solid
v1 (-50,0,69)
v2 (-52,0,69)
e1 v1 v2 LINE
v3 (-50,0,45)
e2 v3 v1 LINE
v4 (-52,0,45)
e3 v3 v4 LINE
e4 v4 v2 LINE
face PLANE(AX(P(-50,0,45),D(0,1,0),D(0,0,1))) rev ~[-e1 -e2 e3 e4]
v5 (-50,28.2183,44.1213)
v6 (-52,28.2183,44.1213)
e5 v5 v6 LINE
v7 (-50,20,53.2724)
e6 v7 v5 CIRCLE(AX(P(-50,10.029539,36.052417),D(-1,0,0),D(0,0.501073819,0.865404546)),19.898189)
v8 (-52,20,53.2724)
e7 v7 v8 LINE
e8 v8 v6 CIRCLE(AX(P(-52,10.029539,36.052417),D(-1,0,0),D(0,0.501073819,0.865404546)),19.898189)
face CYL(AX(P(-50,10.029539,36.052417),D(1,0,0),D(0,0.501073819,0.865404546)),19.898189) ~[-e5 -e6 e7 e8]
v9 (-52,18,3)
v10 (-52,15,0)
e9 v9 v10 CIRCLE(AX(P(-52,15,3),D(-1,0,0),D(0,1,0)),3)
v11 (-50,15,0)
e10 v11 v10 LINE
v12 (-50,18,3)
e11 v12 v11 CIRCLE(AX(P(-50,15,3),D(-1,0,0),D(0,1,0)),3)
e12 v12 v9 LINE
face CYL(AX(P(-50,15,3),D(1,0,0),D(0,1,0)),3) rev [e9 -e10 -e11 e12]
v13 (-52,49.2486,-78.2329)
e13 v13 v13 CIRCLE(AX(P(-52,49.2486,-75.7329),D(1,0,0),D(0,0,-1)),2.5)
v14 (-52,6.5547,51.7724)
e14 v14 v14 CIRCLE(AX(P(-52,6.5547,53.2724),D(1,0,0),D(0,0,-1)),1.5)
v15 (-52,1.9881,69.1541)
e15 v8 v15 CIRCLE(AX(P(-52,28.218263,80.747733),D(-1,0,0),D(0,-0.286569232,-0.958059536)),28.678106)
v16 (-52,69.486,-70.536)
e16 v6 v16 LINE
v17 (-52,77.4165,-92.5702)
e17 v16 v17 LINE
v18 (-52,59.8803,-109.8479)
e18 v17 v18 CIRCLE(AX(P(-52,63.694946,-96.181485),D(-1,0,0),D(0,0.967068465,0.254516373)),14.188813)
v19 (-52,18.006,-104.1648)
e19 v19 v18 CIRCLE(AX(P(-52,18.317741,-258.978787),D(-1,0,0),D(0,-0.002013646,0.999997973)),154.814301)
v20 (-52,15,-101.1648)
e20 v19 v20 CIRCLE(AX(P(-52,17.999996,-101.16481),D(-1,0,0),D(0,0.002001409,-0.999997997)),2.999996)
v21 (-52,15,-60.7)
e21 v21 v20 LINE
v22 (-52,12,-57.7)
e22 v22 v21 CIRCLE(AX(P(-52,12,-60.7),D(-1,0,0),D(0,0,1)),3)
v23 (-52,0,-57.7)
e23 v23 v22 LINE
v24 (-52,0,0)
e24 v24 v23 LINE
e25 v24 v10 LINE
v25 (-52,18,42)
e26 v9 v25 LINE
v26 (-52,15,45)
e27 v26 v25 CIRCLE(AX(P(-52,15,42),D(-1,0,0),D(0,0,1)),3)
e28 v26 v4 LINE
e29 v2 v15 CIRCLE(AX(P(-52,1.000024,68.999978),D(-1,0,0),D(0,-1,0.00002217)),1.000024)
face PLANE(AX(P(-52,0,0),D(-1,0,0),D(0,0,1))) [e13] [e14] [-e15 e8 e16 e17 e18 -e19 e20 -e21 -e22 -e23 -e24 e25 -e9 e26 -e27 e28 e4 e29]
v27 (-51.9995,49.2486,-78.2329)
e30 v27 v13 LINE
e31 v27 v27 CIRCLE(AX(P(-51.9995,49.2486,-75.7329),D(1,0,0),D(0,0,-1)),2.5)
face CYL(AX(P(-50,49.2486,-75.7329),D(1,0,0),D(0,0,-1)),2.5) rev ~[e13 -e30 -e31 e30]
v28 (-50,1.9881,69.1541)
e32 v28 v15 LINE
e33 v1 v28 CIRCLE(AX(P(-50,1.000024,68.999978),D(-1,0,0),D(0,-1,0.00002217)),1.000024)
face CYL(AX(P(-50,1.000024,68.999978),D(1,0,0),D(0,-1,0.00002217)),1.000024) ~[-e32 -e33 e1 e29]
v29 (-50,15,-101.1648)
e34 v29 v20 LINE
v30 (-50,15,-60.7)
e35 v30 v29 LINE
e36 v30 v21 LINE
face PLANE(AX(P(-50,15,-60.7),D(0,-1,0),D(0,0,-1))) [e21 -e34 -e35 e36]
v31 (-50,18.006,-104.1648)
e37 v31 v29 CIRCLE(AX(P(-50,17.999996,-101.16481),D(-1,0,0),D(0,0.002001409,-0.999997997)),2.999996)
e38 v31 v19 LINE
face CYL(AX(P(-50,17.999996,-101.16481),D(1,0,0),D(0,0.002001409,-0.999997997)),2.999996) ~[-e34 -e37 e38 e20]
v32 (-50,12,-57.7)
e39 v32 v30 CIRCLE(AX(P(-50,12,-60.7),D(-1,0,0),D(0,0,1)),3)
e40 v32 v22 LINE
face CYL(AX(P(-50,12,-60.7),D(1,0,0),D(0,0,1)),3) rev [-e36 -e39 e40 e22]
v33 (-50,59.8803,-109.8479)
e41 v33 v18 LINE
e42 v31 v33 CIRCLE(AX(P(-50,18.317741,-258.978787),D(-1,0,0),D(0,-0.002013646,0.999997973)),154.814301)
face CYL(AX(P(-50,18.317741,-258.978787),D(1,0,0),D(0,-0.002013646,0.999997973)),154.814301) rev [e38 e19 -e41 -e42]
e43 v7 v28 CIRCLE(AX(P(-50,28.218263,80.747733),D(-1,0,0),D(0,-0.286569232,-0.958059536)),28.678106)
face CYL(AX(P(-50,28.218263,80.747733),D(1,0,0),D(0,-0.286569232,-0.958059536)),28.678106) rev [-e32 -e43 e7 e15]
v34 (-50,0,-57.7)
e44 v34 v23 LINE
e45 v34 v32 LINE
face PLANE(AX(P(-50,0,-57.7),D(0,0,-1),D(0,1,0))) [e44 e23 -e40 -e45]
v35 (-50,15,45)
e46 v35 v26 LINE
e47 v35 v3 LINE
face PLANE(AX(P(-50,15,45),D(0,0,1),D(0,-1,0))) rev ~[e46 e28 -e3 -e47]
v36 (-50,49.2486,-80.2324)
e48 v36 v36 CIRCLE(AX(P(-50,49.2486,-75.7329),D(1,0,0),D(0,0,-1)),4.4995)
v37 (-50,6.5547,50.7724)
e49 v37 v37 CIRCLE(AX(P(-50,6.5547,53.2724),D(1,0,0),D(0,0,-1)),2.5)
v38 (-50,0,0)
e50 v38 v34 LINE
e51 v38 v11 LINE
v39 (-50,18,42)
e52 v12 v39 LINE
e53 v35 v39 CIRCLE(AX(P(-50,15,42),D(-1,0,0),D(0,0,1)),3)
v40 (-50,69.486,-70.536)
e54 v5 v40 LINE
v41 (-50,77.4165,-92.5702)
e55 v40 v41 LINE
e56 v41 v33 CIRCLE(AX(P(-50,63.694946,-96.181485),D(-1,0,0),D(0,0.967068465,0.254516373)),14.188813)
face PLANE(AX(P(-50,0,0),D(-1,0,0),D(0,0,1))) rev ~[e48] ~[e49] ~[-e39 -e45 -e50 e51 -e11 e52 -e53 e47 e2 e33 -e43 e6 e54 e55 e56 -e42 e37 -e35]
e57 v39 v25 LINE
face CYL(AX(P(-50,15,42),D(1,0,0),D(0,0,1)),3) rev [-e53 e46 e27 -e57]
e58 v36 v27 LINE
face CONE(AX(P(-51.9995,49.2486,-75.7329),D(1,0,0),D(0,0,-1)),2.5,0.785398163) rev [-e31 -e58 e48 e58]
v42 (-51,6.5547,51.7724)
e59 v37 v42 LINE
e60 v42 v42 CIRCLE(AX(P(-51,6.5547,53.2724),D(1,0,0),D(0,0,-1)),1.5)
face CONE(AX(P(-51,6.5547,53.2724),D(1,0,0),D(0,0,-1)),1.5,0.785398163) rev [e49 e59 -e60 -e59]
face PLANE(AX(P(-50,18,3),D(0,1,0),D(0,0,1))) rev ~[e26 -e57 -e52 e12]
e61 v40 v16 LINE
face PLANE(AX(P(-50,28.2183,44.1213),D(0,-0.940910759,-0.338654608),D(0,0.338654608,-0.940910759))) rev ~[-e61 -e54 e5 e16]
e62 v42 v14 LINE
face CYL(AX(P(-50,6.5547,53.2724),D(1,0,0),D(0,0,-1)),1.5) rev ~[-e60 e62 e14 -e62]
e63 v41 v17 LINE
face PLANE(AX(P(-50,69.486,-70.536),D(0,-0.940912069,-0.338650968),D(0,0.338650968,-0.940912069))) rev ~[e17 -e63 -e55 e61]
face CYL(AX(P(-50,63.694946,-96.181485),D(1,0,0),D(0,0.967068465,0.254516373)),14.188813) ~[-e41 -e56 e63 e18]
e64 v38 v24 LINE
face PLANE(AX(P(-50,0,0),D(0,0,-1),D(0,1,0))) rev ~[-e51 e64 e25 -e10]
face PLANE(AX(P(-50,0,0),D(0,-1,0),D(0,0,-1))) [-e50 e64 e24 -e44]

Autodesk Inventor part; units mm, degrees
ref_plane "YZ Plane" through (0, 0, 0) normal (1, 0, 0) x (0, 1, 0)
ref_plane "XZ Plane" through (0, 0, 0) normal (0, 1, 0) x (-1, 0, 0)
ref_plane "Work Plane3" through (-50, 0, 0) normal (-1, 0, 0) x (0, 0, 1)
sketch "Sketch6" plane through (-50, 0, 0) normal (-1, 0, 0) x (0, 0, 1)
  arc A0 (-92.5702, 77.4165) -> (-109.8479, 59.8803) centre (-96.1815, 63.695) ccw
  line L0 (-70.536, 69.486) -> (-92.5702, 77.4165)
  line L1 (44.1213, 28.2183) -> (-70.536, 69.486)
  arc A1 (53.2724, 20) -> (44.1213, 28.2183) centre (36.052, 10.0292) ccw
  arc A2 (53.2724, 20) -> (69.1541, 1.9881) centre (80.7478, 28.2183) ccw
  arc A3 (69, 0) -> (69.1541, 1.9881) centre (69, 1) ccw
  line L2 (45, 0) -> (69, 0)
  line L3 (45, 15) -> (45, 0)
  arc A4 (45, 15) -> (42, 18) centre (42, 15) ccw
  line L4 (3, 18) -> (42, 18)
  arc A5 (3, 18) -> (0, 15) centre (3, 15) ccw
  line L5 (0, 0) -> (0, 15)
  line L6 (0, 0) -> (-57.7, 0)
  line L7 (-57.7, 0) -> (-57.7, 12)
  arc A6 (-57.7, 12) -> (-60.7, 15) centre (-60.7, 12) ccw
  line L8 (-60.7, 15) -> (-101.1648, 15)
  arc A7 (-104.1648, 18.006) -> (-101.1648, 15) centre (-101.1648, 18) ccw
  arc A8 (-104.1648, 18.006) -> (-109.8479, 59.8803) centre (-258.9764, 18.3179) ccw
extrude "Extrusion2" add sketch "Sketch6" along normal blind 2
sketch "Sketch7" plane through (-50, 0, 0) normal (1, 0, 0) x (0, 0, -1)
  circle A0 centre (75.7329, 49.2486) radius 2.5
  circle A1 centre (-53.2724, 6.5547) radius 1.5
  point P0 (0, 0)
extrude "Extrusion3" cut sketch "Sketch7" against normal blind 10
chamfer "Chamfer1" distance 2 angle 45 1 edges at (-50, 49.2486, -73.2329)
chamfer "Chamfer2" distance 1 angle 45 1 edges at (-50, 6.5547, 54.7724)
properties part number "tampa frontal - corpo"
